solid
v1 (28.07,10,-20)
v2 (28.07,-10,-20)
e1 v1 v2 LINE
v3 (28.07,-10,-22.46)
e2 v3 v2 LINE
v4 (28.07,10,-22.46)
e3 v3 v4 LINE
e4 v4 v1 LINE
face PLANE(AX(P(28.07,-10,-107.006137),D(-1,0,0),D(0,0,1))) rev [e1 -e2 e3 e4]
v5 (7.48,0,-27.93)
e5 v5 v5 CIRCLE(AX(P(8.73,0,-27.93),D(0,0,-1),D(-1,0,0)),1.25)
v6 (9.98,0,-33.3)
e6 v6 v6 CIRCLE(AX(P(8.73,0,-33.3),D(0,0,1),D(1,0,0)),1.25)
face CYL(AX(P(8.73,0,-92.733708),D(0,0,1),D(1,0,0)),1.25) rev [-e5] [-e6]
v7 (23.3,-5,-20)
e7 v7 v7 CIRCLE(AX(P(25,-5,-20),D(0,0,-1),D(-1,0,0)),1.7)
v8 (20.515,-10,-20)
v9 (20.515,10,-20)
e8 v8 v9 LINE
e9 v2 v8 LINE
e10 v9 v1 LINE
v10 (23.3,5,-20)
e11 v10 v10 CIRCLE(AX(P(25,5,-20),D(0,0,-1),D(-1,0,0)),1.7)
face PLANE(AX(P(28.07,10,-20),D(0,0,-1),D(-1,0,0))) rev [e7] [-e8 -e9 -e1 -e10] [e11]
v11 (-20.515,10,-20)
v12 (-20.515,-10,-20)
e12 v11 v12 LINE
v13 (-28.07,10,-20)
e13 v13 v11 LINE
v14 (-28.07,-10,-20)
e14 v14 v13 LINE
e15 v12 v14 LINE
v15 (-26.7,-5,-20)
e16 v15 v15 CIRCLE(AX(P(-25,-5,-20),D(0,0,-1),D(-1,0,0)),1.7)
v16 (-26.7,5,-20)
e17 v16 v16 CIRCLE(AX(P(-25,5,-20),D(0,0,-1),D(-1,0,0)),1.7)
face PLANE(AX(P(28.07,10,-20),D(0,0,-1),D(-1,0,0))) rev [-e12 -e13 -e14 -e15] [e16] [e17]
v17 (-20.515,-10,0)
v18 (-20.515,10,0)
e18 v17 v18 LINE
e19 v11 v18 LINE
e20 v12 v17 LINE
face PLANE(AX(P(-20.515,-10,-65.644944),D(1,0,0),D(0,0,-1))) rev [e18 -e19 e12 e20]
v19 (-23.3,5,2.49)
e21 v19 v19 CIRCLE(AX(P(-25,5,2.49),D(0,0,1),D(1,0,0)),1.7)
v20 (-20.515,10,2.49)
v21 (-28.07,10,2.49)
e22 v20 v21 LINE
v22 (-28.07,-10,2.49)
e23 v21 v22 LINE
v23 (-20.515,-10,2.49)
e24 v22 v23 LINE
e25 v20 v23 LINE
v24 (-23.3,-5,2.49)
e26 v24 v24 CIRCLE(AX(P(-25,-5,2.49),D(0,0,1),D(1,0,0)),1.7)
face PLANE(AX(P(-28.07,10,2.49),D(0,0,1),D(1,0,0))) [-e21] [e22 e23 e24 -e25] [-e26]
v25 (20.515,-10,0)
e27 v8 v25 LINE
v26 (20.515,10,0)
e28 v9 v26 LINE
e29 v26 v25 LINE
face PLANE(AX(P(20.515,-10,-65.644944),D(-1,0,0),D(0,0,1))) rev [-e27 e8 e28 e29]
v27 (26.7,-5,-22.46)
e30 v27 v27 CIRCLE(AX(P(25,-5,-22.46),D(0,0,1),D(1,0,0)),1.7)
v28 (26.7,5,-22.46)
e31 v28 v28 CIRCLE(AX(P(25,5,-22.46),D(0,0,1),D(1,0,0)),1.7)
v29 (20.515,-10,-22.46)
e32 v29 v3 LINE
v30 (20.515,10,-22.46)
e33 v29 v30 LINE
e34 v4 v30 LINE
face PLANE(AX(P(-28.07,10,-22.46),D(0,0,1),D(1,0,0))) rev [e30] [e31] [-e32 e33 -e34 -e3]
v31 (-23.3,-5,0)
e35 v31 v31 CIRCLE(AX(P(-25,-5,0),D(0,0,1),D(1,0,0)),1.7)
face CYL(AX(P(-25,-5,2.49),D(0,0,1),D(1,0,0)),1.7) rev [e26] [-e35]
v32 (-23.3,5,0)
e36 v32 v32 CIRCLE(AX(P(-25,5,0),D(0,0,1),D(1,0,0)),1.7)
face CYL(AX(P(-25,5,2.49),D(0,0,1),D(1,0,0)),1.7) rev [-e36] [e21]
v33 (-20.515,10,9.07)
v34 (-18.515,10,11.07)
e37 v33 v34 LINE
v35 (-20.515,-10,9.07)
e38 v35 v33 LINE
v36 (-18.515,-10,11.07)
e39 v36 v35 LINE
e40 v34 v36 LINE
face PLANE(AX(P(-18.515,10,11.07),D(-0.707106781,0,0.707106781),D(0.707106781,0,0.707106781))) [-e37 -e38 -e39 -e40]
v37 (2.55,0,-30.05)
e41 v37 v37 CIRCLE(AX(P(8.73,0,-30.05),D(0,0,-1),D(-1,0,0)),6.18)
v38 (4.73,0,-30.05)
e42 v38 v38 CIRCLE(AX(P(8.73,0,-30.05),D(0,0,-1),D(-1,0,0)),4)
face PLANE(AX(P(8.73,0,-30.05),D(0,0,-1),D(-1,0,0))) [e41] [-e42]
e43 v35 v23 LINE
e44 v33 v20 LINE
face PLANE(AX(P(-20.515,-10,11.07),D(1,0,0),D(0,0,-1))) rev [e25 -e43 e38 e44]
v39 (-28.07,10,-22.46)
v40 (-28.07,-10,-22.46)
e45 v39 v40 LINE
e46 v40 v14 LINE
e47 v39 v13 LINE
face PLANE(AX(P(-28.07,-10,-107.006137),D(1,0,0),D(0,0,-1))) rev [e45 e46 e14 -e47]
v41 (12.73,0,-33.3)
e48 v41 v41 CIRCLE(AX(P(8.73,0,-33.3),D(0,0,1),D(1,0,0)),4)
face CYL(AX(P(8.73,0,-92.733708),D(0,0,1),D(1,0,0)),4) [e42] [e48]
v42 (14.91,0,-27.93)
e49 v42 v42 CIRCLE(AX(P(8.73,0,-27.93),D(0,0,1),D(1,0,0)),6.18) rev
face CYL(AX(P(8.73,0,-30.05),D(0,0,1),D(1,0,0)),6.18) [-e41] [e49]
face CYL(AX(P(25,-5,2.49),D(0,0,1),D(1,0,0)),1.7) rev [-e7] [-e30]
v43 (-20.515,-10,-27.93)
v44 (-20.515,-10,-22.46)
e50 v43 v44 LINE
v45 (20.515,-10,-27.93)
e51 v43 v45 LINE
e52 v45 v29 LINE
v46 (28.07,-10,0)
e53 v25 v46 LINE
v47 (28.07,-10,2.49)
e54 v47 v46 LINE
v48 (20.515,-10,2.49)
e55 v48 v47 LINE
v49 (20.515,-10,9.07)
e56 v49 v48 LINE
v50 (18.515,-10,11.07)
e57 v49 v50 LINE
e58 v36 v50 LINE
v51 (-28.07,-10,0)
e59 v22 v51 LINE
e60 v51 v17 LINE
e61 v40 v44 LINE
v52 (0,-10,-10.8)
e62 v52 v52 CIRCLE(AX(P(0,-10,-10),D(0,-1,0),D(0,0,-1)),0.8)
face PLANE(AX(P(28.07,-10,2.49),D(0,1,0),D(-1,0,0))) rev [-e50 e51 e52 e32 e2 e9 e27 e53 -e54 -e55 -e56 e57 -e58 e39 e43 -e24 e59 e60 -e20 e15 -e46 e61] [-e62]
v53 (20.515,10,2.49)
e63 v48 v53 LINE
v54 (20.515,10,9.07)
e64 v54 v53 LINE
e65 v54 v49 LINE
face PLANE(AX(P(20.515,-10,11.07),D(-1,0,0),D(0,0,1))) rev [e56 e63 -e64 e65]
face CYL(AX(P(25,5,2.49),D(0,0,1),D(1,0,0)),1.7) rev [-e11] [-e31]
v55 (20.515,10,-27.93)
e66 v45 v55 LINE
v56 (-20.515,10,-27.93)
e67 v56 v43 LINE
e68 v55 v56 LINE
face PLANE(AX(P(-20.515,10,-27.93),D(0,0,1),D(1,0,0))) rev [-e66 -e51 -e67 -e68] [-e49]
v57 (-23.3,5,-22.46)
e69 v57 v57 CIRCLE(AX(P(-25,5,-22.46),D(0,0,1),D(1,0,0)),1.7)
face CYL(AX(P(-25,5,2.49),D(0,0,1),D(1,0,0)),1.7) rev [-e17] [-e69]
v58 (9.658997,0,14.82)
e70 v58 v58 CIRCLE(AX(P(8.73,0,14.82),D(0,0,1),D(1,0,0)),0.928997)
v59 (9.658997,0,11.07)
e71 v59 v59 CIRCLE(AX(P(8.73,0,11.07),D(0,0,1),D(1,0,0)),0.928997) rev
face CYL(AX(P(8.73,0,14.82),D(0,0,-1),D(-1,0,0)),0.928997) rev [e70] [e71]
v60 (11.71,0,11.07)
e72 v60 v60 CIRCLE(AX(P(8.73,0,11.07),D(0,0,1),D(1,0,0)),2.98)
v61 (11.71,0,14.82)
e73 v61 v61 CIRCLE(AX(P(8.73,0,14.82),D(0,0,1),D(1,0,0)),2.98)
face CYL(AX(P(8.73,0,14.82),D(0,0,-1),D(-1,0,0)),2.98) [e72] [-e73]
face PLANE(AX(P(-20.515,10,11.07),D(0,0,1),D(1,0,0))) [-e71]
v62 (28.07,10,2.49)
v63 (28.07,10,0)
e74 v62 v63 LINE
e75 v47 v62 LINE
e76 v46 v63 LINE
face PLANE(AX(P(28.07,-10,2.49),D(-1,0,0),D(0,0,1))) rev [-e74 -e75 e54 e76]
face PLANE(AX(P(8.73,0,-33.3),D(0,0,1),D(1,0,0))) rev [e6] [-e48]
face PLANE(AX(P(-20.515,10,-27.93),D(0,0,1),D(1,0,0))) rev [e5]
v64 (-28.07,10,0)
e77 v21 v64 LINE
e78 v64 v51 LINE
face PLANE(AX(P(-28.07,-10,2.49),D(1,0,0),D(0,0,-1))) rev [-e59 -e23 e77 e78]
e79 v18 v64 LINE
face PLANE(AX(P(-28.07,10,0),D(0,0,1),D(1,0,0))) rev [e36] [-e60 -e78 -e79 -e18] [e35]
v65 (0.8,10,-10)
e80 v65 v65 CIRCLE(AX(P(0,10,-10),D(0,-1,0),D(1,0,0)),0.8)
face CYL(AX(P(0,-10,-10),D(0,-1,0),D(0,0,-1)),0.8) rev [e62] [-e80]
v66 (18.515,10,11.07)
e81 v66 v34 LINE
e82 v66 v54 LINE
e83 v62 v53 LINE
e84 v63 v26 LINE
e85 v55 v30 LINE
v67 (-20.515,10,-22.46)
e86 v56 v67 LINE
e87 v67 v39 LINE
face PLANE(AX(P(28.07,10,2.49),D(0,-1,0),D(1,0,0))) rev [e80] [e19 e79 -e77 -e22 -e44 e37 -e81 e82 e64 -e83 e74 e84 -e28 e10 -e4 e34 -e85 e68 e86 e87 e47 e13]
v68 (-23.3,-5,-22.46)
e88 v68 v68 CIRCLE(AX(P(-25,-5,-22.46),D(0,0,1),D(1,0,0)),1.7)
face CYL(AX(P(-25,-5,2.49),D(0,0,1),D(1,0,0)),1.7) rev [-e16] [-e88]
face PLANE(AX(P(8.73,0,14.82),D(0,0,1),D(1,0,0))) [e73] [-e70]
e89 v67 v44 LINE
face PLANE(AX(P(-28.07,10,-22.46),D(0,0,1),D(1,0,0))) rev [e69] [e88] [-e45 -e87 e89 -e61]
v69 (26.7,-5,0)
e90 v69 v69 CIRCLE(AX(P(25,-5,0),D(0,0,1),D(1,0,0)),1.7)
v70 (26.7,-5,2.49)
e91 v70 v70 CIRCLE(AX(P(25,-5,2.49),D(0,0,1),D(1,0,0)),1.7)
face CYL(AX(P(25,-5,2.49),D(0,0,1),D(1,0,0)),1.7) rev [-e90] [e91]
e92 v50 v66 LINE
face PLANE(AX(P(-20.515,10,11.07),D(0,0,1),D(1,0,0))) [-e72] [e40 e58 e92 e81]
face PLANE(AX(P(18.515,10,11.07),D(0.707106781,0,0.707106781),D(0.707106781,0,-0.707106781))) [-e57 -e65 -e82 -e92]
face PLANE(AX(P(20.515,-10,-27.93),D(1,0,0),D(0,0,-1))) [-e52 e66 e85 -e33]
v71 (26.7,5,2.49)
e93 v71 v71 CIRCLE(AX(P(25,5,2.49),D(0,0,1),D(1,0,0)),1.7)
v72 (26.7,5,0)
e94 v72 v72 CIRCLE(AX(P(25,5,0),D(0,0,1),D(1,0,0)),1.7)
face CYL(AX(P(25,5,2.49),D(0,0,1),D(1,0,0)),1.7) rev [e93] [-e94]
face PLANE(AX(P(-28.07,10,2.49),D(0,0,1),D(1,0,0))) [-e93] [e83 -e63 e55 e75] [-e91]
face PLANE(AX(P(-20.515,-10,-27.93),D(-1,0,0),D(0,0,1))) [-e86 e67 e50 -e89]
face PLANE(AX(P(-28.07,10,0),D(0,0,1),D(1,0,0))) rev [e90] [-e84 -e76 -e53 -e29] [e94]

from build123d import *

# Parameters (mm, degrees)
SKETCH1_W                        = 56.14
SKETCH1_H                        = 20
BOSS_EXTRUDE1_DEPTH              = 2.49
M3_CLEARANCE_HOLE1_D             = 3.4
M3_CLEARANCE_HOLE1_DEPTH         = 19
M3_CLEARANCE_HOLE1_TIP           = 1.021463052
SKETCH4_W                        = 41.03
SKETCH4_H                        = 20
BOSS_EXTRUDE2_DEPTH              = 8.58
SKETCH5_R                        = 2.98
SKETCH5_R_2                      = 0.928997072
BOSS_EXTRUDE3_DEPTH              = 3.75
SKETCH6_W                        = 8
SKETCH6_H                        = 20
BOSS_EXTRUDE4_DEPTH              = 20
BOSS_EXTRUDE4_2_DEPTH            = 20
SKETCH7_W                        = 41.03
SKETCH7_H                        = 20
BOSS_EXTRUDE5_DEPTH              = 20
SKETCH8_W                        = 56.14
SKETCH8_H                        = 20
BOSS_EXTRUDE6_DEPTH              = 2.46
SKETCH12_W                       = 1.7
SKETCH12_H                       = 24.95
M3_CLEARANCE_HOLE2_AT_2_COUNT    = 2
M3_CLEARANCE_HOLE2_AT_2_PITCH    = 10
M3_CLEARANCE_HOLE2_AT_3_COUNT    = 2
M3_CLEARANCE_HOLE2_AT_3_PITCH    = 50
M3_CLEARANCE_HOLE2_AT_4_COUNT    = 2
M3_CLEARANCE_HOLE2_AT_4_PITCH    = 50.990195136
SKETCH13_W                       = 41.03
SKETCH13_H                       = 20
BOSS_EXTRUDE7_DEPTH              = 39
SKETCH14_R                       = 4
SKETCH14_R_2                     = 1.25
BOSS_EXTRUDE8_DEPTH              = 5.37
SKETCH16_W                       = 0.8
SKETCH16_H                       = 20.00005
TAP_DRILL_FOR_M2_TAP1_AT_2_COUNT = 2
TAP_DRILL_FOR_M2_TAP1_AT_2_PITCH = 25.495097568
TAP_DRILL_FOR_M2_TAP1_AT_3_COUNT = 2
TAP_DRILL_FOR_M2_TAP1_AT_3_PITCH = 10
TAP_DRILL_FOR_M2_TAP1_AT_4_COUNT = 2
TAP_DRILL_FOR_M2_TAP1_AT_4_PITCH = 50
TAP_DRILL_FOR_M2_TAP1_AT_5_COUNT = 2
TAP_DRILL_FOR_M2_TAP1_AT_5_PITCH = 50.990195136
CHAMFER1_SIZE                    = 2
SKETCH19_R                       = 6.18
SKETCH19_R_2                     = 4
BOSS_EXTRUDE10_DEPTH             = 2.12
SKETCH21_W                       = 8
SKETCH21_H                       = 7
CUT_EXTRUDE1_DEPTH               = 28
SKETCH22_W                       = 20
SKETCH22_H                       = 20
CUT_EXTRUDE2_DEPTH               = 8.235
SKETCH23_W                       = 20
SKETCH23_H                       = 20
CUT_EXTRUDE3_DEPTH               = 8.235


with BuildPart() as part:
    # Sketch1 → Boss-Extrude1 (new body)
    with BuildSketch(Plane.XY):
        Rectangle(SKETCH1_W, SKETCH1_H)
    extrude(amount=BOSS_EXTRUDE1_DEPTH)

    # M3 Clearance Hole1
    with Locations(Plane.XY.offset(2.49)):
        with Locations((25, 5), (0, 0), (-25, 5), (-25, -5), (25, -5)):
            Hole(M3_CLEARANCE_HOLE1_D / 2, depth=M3_CLEARANCE_HOLE1_DEPTH)
            with Locations((0, 0, -(M3_CLEARANCE_HOLE1_DEPTH + M3_CLEARANCE_HOLE1_TIP / 2))):  # 118° drill point
                Cone(0, M3_CLEARANCE_HOLE1_D / 2, M3_CLEARANCE_HOLE1_TIP, mode=Mode.SUBTRACT)

    # Sketch4 → Boss-Extrude2 (add)
    with BuildSketch(Plane.XY.offset(2.49)):
        Rectangle(SKETCH4_W, SKETCH4_H)
    extrude(amount=BOSS_EXTRUDE2_DEPTH)

    # Sketch5 → Boss-Extrude3 (add)
    with BuildSketch(Plane.XY.offset(11.07)):
        with Locations((8.73, 0)):
            Circle(SKETCH5_R)
        with Locations((8.73, 0)):
            Circle(SKETCH5_R_2, mode=Mode.SUBTRACT)
    extrude(amount=BOSS_EXTRUDE3_DEPTH)

    # Sketch7 → Boss-Extrude5 (add)
    with BuildSketch(Plane(origin=(0, 0, 0), x_dir=(-1, 0, 0), z_dir=(0, 0, -1))):
        Rectangle(SKETCH7_W, SKETCH7_H)
    extrude(amount=BOSS_EXTRUDE5_DEPTH)

    # Sketch8 → Boss-Extrude6 (add)
    with BuildSketch(Plane(origin=(0, 0, -20), x_dir=(-1, 0, 0), z_dir=(0, 0, -1))):
        Rectangle(SKETCH8_W, SKETCH8_H)
    extrude(amount=BOSS_EXTRUDE6_DEPTH)


with BuildPart() as body_2:
    # Sketch6 → Boss-Extrude4 (new body)
    with BuildSketch(Plane(origin=(0, 0, 0), x_dir=(-1, 0, 0), z_dir=(0, 0, -1))):
        with Locations((-24.75, 0)):
            Rectangle(SKETCH6_W, SKETCH6_H)
    extrude(amount=BOSS_EXTRUDE4_DEPTH)


with BuildPart() as body_3:
    # Sketch6 → Boss-Extrude4 2 (new body)
    with BuildSketch(Plane(origin=(0, 0, 0), x_dir=(-1, 0, 0), z_dir=(0, 0, -1))):
        with Locations((24.75, 0)):
            Rectangle(SKETCH6_W, SKETCH6_H)
    extrude(amount=BOSS_EXTRUDE4_2_DEPTH)


with BuildPart() as m3_clearance_hole2_tool:
    # Sketch12 → M3 Clearance Hole2 (revolve)
    with BuildSketch(Plane(origin=(25, 5, 2.49), x_dir=(0, -1, 0), z_dir=(1, 0, 0))):
        with Locations((0.85, 12.475)):
            Rectangle(SKETCH12_W, SKETCH12_H)
    m3_clearance_hole2 = revolve(axis=Axis((25, 5, 8.84), (0, 0, -1)))


with BuildPart() as part_1:
    add(part.part)

    # M3 Clearance Hole2: cut by m3_clearance_hole2_tool
    add(m3_clearance_hole2_tool.part, mode=Mode.SUBTRACT)


with BuildPart() as body_2_1:
    add(body_2.part)

    # M3 Clearance Hole2: cut by m3_clearance_hole2_tool
    add(m3_clearance_hole2_tool.part, mode=Mode.SUBTRACT)


with BuildPart() as m3_clearance_hole2_at_2_tool:
    # M3 Clearance Hole2 at 2: M3 Clearance Hole2 ×2
    with Locations(*[(0, -i * M3_CLEARANCE_HOLE2_AT_2_PITCH, 0) for i in range(1, M3_CLEARANCE_HOLE2_AT_2_COUNT)]):
        add(m3_clearance_hole2)


with BuildPart() as part_2:
    add(part_1.part)

    # M3 Clearance Hole2 at 2: cut by m3_clearance_hole2_at_2_tool
    add(m3_clearance_hole2_at_2_tool.part, mode=Mode.SUBTRACT)


with BuildPart() as body_2_2:
    add(body_2_1.part)

    # M3 Clearance Hole2 at 2: cut by m3_clearance_hole2_at_2_tool
    add(m3_clearance_hole2_at_2_tool.part, mode=Mode.SUBTRACT)


with BuildPart() as m3_clearance_hole2_at_3_tool:
    # M3 Clearance Hole2 at 3: M3 Clearance Hole2 ×2
    with Locations(*[(-i * M3_CLEARANCE_HOLE2_AT_3_PITCH, 0, 0) for i in range(1, M3_CLEARANCE_HOLE2_AT_3_COUNT)]):
        add(m3_clearance_hole2)


with BuildPart() as part_3:
    add(part_2.part)

    # M3 Clearance Hole2 at 3: cut by m3_clearance_hole2_at_3_tool
    add(m3_clearance_hole2_at_3_tool.part, mode=Mode.SUBTRACT)


with BuildPart() as body_3_1:
    add(body_3.part)

    # M3 Clearance Hole2 at 3: cut by m3_clearance_hole2_at_3_tool
    add(m3_clearance_hole2_at_3_tool.part, mode=Mode.SUBTRACT)


with BuildPart() as m3_clearance_hole2_at_4_tool:
    # M3 Clearance Hole2 at 4: M3 Clearance Hole2 ×2
    with Locations(*[Vector(-0.9805806756909201, -0.19611613513818418, 0) * (i * M3_CLEARANCE_HOLE2_AT_4_PITCH) for i in range(1, M3_CLEARANCE_HOLE2_AT_4_COUNT)]):
        add(m3_clearance_hole2)


with BuildPart() as part_4:
    add(part_3.part)

    # M3 Clearance Hole2 at 4: cut by m3_clearance_hole2_at_4_tool
    add(m3_clearance_hole2_at_4_tool.part, mode=Mode.SUBTRACT)

    # Sketch13 → Boss-Extrude7 (add)
    with BuildSketch(Plane.XY.offset(11.07)):
        Rectangle(SKETCH13_W, SKETCH13_H)
    extrude(amount=-BOSS_EXTRUDE7_DEPTH)

    # Sketch14 → Boss-Extrude8 (add)
    with BuildSketch(Plane(origin=(0, 0, -27.93), x_dir=(-1, 0, 0), z_dir=(0, 0, -1))):
        with Locations(Location((-8.73, 0, 0), (0, 0, 180))):
            Circle(SKETCH14_R)
        with Locations(Location((-8.73, 0, 0), (0, 0, 180))):
            Circle(SKETCH14_R_2, mode=Mode.SUBTRACT)
    extrude(amount=BOSS_EXTRUDE8_DEPTH)


with BuildPart() as body_3_2:
    add(body_3_1.part)

    # M3 Clearance Hole2 at 4: cut by m3_clearance_hole2_at_4_tool
    add(m3_clearance_hole2_at_4_tool.part, mode=Mode.SUBTRACT)

    # Sketch16 → Tap Drill for M2 Tap1 (revolve, cut)
    with BuildSketch(Plane(origin=(-25, -10, -5), x_dir=(0, 0, -1), z_dir=(1, 0, 0))):
        with Locations((0.4, 10.000025)):
            Rectangle(SKETCH16_W, SKETCH16_H)
    tap_drill_for_m2_tap1 = revolve(axis=Axis((-25, -16.35, -5), (0, 1, 0)), mode=Mode.SUBTRACT)

    # Tap Drill for M2 Tap1 at 3: Tap Drill for M2 Tap1 ×2
    with Locations(*[(0, 0, -i * TAP_DRILL_FOR_M2_TAP1_AT_3_PITCH) for i in range(1, TAP_DRILL_FOR_M2_TAP1_AT_3_COUNT)]):
        add(tap_drill_for_m2_tap1, mode=Mode.SUBTRACT)


with BuildPart() as part_5:
    add(part_4.part)

    # Tap Drill for M2 Tap1 at 2: Tap Drill for M2 Tap1 ×2
    with Locations(*[Vector(0.9805806756909201, 0, -0.1961161351381842) * (i * TAP_DRILL_FOR_M2_TAP1_AT_2_PITCH) for i in range(1, TAP_DRILL_FOR_M2_TAP1_AT_2_COUNT)]):
        add(tap_drill_for_m2_tap1, mode=Mode.SUBTRACT)

    # Chamfer1
    chamfer1_edges = [part_5.edges().sort_by_distance(p)[0] for p in [
        (-20.515, 0, 11.07),
        (20.515, 0, 11.07),
    ]]
    chamfer(chamfer1_edges, length=CHAMFER1_SIZE)

    # Sketch19 → Boss-Extrude10 (add)
    with BuildSketch(Plane(origin=(0, 0, -27.93), x_dir=(-1, 0, 0), z_dir=(0, 0, -1))):
        with Locations(Location((-8.73, 0, 0), (0, 0, 180))):
            Circle(SKETCH19_R)
        with Locations(Location((-8.73, 0, 0), (0, 0, 180))):
            Circle(SKETCH19_R_2, mode=Mode.SUBTRACT)
    extrude(amount=BOSS_EXTRUDE10_DEPTH)


with BuildPart() as body_2_3:
    add(body_2_2.part)

    # Tap Drill for M2 Tap1 at 4: Tap Drill for M2 Tap1 ×2
    with Locations(*[(i * TAP_DRILL_FOR_M2_TAP1_AT_4_PITCH, 0, 0) for i in range(1, TAP_DRILL_FOR_M2_TAP1_AT_4_COUNT)]):
        add(tap_drill_for_m2_tap1, mode=Mode.SUBTRACT)

    # Tap Drill for M2 Tap1 at 5: Tap Drill for M2 Tap1 ×2
    with Locations(*[Vector(0.9805806756909202, 0, -0.19611613513818407) * (i * TAP_DRILL_FOR_M2_TAP1_AT_5_PITCH) for i in range(1, TAP_DRILL_FOR_M2_TAP1_AT_5_COUNT)]):
        add(tap_drill_for_m2_tap1, mode=Mode.SUBTRACT)


with BuildPart() as cut_extrude1_tool:
    # Sketch21 → Cut-Extrude1 (new body)
    with BuildSketch(Plane(origin=(0, 10, 0), x_dir=(1, 0, 0), z_dir=(0, 1, 0))):
        with Locations((-24.75, 10)):
            Rectangle(SKETCH21_W, SKETCH21_H)
        with Locations((24.75, 10)):
            Rectangle(SKETCH21_W, SKETCH21_H)
    extrude(amount=-CUT_EXTRUDE1_DEPTH)


with BuildPart() as body_2_4:
    add(body_2_3.part)

    # Cut-Extrude1: cut by cut_extrude1_tool
    add(cut_extrude1_tool.part, mode=Mode.SUBTRACT)


with BuildPart() as body_3_3:
    add(body_3_2.part)

    # Cut-Extrude1: cut by cut_extrude1_tool
    add(cut_extrude1_tool.part, mode=Mode.SUBTRACT)


with BuildPart() as cut_extrude1_piece_1:
    # of the separate pieces the step leaves, piece 1, a body of its own (cut_extrude1_pieces)
    add(body_2_4.part.solids().sort_by_distance((20.75, 10, 0))[0])


with BuildPart() as cut_extrude1_piece_2:
    # of the separate pieces the step leaves, piece 2, a body of its own (cut_extrude1_pieces)
    add(body_2_4.part.solids().sort_by_distance((20.75, 10, -13.5))[0])


with BuildPart() as cut_extrude1_piece_1_of_body_3:
    # of the separate pieces the step leaves, piece 1, a body of its own (cut_extrude1_pieces_of_body_3)
    add(body_3_3.part.solids().sort_by_distance((-28.75, 10, 0))[0])


with BuildPart() as cut_extrude1_piece_2_of_body_3:
    # of the separate pieces the step leaves, piece 2, a body of its own (cut_extrude1_pieces_of_body_3)
    add(body_3_3.part.solids().sort_by_distance((-28.75, 10, -13.5))[0])


with BuildPart() as cut_extrude2_tool:
    # Sketch22 → Cut-Extrude2 (new body)
    with BuildSketch(Plane.ZY.offset(28.75)):
        with Locations((-10, 0)):
            Rectangle(SKETCH22_W, SKETCH22_H)
    extrude(amount=-CUT_EXTRUDE2_DEPTH)


with BuildPart() as cut_extrude1_piece_1_of_body_3_1:
    add(cut_extrude1_piece_1_of_body_3.part)

    # Cut-Extrude2: cut by cut_extrude2_tool
    add(cut_extrude2_tool.part, mode=Mode.SUBTRACT)


with BuildPart() as cut_extrude1_piece_2_of_body_3_1:
    add(cut_extrude1_piece_2_of_body_3.part)

    # Cut-Extrude2: cut by cut_extrude2_tool
    add(cut_extrude2_tool.part, mode=Mode.SUBTRACT)


with BuildPart() as cut_extrude3_tool:
    # Sketch23 → Cut-Extrude3 (new body)
    with BuildSketch(Plane(origin=(28.75, 0, 0), x_dir=(0, 0, -1), z_dir=(1, 0, 0))):
        with Locations((10, 0)):
            Rectangle(SKETCH23_W, SKETCH23_H)
    extrude(amount=-CUT_EXTRUDE3_DEPTH)


with BuildPart() as cut_extrude1_piece_1_1:
    add(cut_extrude1_piece_1.part)

    # Cut-Extrude3: cut by cut_extrude3_tool
    add(cut_extrude3_tool.part, mode=Mode.SUBTRACT)


with BuildPart() as cut_extrude1_piece_2_1:
    add(cut_extrude1_piece_2.part)

    # Cut-Extrude3: cut by cut_extrude3_tool
    add(cut_extrude3_tool.part, mode=Mode.SUBTRACT)


solid = part_5.part
